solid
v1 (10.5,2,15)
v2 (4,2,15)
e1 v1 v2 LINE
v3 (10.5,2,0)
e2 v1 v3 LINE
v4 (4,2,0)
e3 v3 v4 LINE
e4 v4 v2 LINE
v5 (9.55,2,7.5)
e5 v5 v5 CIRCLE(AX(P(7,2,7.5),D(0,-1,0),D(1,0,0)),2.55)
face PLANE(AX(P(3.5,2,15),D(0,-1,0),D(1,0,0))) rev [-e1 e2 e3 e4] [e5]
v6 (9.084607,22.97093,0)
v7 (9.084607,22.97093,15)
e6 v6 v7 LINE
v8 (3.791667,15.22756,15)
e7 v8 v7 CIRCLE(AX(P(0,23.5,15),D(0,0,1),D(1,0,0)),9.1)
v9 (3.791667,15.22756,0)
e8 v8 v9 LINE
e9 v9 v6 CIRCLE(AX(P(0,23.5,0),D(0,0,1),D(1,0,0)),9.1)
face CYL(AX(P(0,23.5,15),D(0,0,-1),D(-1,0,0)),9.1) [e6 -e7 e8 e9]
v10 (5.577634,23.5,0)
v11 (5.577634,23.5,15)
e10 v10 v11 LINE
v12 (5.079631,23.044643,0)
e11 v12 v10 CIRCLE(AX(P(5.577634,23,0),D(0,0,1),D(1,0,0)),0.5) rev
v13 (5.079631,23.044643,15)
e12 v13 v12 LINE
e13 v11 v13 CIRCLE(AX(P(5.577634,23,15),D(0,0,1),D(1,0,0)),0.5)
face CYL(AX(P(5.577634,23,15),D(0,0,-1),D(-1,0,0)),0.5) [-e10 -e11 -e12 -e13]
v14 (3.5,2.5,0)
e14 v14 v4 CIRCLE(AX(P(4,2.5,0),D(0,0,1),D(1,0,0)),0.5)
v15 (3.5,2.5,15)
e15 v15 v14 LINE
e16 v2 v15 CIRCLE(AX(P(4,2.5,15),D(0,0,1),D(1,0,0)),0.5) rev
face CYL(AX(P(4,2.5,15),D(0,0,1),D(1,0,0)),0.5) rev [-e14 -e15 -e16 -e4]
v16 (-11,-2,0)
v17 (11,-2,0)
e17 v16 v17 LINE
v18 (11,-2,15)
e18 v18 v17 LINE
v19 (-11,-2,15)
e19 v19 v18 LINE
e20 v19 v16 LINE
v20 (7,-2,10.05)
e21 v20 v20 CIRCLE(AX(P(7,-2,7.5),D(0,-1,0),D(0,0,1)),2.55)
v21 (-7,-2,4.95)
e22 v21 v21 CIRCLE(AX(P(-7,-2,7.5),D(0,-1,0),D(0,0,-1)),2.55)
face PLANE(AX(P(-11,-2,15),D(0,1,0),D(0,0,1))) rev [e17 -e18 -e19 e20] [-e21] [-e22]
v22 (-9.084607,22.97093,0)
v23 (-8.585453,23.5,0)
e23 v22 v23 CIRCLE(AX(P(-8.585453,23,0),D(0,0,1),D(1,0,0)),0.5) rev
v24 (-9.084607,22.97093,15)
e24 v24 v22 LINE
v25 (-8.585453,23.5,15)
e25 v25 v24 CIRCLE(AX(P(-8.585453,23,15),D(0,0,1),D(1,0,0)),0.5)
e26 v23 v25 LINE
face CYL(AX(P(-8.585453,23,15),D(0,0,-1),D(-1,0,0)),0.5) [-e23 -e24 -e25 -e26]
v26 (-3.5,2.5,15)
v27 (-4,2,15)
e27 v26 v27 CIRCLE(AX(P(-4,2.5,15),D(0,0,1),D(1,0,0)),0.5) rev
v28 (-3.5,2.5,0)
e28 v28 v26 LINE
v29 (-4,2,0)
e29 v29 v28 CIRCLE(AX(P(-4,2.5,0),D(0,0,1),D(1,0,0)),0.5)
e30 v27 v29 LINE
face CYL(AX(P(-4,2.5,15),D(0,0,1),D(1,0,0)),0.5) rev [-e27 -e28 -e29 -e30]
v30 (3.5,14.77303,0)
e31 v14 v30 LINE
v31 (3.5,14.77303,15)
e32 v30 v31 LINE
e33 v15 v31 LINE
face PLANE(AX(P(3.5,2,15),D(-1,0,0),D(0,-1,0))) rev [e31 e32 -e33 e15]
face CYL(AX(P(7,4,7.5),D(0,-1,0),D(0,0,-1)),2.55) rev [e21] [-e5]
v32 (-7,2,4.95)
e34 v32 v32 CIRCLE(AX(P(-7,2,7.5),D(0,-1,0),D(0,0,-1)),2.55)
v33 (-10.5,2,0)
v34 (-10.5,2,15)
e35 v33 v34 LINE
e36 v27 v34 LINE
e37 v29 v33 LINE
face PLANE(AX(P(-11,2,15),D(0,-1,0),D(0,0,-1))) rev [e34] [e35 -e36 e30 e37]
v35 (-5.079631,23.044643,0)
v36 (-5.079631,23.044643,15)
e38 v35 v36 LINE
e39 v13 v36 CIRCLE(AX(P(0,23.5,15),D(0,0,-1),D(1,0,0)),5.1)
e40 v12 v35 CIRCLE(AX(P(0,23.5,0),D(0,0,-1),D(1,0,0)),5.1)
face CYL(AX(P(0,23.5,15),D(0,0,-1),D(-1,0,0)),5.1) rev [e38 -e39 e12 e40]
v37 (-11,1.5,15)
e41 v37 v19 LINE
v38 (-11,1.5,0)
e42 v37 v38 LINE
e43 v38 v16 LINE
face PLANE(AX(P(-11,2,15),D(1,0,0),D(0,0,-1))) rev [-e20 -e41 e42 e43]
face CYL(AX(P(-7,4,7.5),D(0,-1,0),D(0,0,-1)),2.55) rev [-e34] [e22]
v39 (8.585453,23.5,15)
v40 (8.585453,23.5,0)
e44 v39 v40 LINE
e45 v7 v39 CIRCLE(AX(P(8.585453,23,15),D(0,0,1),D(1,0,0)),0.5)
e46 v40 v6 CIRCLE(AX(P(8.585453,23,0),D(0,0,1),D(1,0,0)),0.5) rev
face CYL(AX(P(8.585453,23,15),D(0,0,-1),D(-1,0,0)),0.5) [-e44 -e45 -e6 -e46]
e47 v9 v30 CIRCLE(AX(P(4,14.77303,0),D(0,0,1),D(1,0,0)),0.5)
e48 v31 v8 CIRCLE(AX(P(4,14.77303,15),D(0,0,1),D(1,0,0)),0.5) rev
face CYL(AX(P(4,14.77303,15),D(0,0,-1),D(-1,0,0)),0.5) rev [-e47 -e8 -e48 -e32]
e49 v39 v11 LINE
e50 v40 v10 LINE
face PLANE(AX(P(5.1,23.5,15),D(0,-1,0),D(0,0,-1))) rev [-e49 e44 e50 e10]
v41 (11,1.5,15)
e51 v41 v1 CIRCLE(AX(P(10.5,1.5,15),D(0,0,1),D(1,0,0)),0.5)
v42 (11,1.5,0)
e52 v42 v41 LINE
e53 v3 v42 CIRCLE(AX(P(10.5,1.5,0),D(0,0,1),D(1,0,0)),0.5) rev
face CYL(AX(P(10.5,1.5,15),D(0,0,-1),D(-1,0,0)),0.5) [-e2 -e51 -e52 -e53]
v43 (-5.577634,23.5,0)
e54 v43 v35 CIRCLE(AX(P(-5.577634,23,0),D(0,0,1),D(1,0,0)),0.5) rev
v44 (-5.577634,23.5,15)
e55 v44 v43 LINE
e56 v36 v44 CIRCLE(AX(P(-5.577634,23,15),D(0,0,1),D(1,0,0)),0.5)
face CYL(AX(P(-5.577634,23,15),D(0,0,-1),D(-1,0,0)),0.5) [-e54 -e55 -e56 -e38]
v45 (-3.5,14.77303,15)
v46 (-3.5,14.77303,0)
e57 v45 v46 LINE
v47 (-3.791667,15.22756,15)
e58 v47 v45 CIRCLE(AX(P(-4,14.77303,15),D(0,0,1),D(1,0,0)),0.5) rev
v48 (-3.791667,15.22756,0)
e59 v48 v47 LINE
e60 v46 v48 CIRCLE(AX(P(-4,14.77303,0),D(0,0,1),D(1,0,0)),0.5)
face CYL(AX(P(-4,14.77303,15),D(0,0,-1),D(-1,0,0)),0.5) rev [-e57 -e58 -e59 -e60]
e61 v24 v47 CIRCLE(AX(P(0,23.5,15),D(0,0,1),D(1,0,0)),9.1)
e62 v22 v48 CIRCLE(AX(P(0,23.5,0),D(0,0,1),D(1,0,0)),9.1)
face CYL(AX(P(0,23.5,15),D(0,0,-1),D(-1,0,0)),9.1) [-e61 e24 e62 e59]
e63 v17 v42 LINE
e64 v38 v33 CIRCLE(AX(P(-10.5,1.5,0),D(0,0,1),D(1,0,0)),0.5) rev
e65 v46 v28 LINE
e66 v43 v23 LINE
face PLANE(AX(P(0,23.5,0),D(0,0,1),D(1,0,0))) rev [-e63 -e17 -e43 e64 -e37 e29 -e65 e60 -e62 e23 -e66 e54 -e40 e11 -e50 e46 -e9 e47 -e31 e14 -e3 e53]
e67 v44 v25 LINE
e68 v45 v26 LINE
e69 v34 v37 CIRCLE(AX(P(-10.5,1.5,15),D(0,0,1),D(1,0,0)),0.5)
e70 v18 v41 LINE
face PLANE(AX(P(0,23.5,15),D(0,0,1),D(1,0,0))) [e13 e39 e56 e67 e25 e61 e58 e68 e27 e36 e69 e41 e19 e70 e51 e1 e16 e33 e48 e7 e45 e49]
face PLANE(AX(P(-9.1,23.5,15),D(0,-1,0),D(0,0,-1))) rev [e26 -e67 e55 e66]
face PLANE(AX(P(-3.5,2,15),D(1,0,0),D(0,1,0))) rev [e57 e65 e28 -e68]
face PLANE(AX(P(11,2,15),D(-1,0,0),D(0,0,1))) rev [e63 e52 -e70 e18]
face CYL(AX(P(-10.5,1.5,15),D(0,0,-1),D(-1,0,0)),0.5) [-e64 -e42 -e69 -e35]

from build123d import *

# Parameters (mm, degrees)
SALIENTE_EXTRUIR1_DEPTH = 15
REDONDEO1_R             = 0.5
REDONDEO2_R             = 0.5
CROQUIS3_R              = 2.55
CORTAR_EXTRUIR1_DEPTH   = 6


with BuildPart() as part:
    # Croquis1 → Saliente-Extruir1 (new body)
    with BuildSketch(Plane.XY):
        with BuildLine():
            Line((-11, 2), (-3.5, 2))
            Line((-3.5, 2), (-3.5, 15.1))
            ThreePointArc((-3.5, 15.1), (-7.571657678, 18.452228214), (-9.1, 23.5))
            Line((-9.1, 23.5), (-5.1, 23.5))
            ThreePointArc((-5.1, 23.5), (0, 18.4), (5.1, 23.5))
            Line((5.1, 23.5), (9.1, 23.5))
            ThreePointArc((9.1, 23.5), (7.571657678, 18.452228214), (3.5, 15.1))
            Line((3.5, 15.1), (3.5, 2))
            Line((3.5, 2), (11, 2))
            Line((11, 2), (11, -2))
            Line((11, -2), (-11, -2))
            Line((-11, -2), (-11, 2))
        make_face()
    extrude(amount=SALIENTE_EXTRUIR1_DEPTH)

    # Redondeo1
    redondeo1_edges = [part.edges().sort_by_distance(p)[0] for p in [
        (-3.5, 2, 7.5),
        (-3.5, 15.1, 7.5),
        (3.5, 15.1, 7.5),
        (3.5, 2, 7.5),
    ]]
    fillet(redondeo1_edges, radius=REDONDEO1_R)

    # Redondeo2
    redondeo2_edges = [part.edges().sort_by_distance(p)[0] for p in [
        (-11, 2, 7.5),
        (-9.1, 23.5, 7.5),
        (-5.1, 23.5, 7.5),
        (5.1, 23.5, 7.5),
        (9.1, 23.5, 7.5),
        (11, 2, 7.5),
    ]]
    fillet(redondeo2_edges, radius=REDONDEO2_R)

    # Croquis3 → Cortar-Extruir1 (cut)
    with BuildSketch(Plane.XZ.offset(2)):
        with Locations(Location((-7, 7.5, 0), (0, 0, 270))):
            Circle(CROQUIS3_R)
        with Locations((7, 7.5)):
            Circle(CROQUIS3_R)
    extrude(amount=-CORTAR_EXTRUIR1_DEPTH, mode=Mode.SUBTRACT)


solid = part.part
